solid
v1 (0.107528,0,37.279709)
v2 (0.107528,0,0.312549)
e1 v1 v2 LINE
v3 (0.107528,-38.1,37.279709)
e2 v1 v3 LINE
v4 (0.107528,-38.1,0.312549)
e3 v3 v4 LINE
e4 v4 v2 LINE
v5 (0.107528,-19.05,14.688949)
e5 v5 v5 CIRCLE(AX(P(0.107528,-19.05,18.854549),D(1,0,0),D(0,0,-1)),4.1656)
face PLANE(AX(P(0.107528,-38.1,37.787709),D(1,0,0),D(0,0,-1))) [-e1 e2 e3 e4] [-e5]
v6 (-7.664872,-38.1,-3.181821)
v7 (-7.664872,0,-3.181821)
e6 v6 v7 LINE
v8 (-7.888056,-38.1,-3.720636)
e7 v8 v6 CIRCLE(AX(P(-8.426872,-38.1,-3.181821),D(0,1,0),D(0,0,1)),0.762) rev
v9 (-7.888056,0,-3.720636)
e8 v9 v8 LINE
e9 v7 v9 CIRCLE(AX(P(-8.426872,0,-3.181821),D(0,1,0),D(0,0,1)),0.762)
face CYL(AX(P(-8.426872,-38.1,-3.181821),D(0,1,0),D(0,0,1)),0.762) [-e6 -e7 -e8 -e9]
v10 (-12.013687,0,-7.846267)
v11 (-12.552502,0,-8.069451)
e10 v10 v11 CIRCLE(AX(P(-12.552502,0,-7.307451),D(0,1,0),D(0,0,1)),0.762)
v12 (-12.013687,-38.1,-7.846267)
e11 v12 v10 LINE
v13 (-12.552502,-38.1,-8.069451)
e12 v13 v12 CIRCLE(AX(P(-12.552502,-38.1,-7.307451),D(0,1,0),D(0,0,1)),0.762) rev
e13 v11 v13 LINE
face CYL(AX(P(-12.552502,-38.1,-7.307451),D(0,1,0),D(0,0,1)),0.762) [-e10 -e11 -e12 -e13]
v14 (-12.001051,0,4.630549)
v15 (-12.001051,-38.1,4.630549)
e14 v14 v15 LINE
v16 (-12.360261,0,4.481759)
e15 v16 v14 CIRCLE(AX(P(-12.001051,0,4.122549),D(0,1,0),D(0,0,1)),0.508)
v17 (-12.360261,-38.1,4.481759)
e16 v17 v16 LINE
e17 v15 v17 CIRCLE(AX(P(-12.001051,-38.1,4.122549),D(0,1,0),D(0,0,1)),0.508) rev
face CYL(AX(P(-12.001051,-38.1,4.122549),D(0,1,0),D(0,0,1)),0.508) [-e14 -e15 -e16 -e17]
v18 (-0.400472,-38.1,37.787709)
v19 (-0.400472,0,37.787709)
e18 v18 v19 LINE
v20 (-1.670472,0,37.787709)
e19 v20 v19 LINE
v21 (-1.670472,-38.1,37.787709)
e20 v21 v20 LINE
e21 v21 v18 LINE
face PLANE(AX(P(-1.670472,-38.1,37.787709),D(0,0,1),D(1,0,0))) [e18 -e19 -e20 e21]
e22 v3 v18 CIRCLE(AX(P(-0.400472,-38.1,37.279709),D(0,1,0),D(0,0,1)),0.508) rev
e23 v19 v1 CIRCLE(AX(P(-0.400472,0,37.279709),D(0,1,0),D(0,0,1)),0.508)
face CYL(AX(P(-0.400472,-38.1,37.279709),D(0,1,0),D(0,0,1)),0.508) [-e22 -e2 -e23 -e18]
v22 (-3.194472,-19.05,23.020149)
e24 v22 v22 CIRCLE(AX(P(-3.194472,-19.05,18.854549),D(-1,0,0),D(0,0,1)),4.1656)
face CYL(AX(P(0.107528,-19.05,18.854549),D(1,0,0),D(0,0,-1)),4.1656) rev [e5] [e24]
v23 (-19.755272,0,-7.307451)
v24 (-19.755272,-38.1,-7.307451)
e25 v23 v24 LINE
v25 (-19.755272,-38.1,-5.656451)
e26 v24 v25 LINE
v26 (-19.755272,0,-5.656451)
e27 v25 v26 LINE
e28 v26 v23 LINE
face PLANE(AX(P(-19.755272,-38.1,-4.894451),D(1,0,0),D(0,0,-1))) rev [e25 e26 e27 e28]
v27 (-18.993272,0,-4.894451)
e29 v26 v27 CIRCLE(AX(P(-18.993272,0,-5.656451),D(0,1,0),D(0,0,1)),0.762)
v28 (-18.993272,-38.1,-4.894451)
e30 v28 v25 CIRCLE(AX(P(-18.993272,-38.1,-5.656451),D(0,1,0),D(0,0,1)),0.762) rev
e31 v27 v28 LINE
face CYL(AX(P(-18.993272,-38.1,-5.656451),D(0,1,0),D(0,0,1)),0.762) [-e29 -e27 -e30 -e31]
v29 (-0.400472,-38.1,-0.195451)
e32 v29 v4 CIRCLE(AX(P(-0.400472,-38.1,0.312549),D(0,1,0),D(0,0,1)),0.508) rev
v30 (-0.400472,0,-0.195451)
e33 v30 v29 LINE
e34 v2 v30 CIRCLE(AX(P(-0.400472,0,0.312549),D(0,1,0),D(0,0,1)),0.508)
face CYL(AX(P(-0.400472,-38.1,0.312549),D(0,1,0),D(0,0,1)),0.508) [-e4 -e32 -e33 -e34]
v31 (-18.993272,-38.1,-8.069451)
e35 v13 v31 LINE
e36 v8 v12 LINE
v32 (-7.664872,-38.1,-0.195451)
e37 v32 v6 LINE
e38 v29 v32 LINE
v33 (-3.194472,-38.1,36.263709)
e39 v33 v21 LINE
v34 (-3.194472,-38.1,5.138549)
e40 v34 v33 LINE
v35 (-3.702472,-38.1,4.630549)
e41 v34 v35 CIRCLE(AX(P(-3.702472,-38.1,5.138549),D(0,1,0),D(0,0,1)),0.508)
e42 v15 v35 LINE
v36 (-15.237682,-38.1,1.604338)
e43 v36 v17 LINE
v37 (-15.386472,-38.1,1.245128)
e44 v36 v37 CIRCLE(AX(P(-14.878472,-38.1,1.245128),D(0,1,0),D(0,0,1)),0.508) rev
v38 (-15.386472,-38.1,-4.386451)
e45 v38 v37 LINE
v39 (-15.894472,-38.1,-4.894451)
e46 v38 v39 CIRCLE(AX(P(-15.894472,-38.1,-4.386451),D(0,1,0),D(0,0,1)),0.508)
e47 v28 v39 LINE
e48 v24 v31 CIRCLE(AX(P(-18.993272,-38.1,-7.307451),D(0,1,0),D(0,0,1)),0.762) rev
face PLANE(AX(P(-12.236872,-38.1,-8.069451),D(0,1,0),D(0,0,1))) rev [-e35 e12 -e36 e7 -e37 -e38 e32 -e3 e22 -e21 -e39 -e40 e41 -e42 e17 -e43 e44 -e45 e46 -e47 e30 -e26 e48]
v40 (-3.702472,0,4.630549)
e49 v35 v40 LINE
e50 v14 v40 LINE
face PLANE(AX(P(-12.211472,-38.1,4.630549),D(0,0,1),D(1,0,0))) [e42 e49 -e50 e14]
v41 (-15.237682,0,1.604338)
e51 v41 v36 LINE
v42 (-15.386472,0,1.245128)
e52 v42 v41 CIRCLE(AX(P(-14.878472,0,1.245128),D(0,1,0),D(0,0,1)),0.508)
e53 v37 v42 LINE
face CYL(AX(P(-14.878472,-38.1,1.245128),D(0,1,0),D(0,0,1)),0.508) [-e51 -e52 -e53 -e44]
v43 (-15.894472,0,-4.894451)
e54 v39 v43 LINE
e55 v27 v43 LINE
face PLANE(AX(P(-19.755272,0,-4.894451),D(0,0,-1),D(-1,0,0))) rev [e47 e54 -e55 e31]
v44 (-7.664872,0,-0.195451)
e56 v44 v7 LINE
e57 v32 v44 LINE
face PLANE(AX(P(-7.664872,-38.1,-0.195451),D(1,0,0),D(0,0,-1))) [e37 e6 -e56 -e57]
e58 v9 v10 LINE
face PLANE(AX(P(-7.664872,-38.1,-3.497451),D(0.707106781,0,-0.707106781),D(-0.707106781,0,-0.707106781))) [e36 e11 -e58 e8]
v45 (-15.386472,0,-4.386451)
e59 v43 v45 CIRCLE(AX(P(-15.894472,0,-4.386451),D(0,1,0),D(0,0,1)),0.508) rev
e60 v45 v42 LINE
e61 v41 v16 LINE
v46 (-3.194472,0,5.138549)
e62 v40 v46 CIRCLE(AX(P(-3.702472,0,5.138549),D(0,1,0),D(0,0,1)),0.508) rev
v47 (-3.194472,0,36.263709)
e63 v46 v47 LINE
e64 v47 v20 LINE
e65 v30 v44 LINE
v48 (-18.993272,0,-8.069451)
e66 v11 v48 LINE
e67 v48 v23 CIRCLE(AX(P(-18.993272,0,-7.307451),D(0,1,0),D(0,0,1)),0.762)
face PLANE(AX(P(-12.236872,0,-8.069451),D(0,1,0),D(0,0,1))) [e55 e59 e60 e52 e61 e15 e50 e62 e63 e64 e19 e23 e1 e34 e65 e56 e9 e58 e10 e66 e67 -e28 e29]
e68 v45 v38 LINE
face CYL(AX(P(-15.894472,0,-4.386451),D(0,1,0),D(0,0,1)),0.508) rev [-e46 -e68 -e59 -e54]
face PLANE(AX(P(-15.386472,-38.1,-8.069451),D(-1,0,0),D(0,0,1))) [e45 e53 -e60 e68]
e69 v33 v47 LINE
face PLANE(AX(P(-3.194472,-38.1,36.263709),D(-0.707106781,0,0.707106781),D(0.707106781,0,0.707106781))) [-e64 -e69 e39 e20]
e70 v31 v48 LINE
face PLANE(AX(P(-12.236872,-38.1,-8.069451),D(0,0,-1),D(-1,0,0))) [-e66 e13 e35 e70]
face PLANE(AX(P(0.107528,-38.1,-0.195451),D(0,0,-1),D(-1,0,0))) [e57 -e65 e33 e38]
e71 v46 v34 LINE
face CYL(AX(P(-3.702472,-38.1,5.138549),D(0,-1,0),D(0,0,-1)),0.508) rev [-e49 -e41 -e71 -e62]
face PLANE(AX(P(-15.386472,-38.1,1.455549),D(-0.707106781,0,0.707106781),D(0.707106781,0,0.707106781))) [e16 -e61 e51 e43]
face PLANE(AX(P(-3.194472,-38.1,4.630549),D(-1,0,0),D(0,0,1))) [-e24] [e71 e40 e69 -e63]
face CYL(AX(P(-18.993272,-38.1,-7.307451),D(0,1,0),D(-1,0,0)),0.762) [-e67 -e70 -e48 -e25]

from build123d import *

# Parameters (mm, degrees)
BOSS_EXTRUDE1_DEPTH = 38.1
SKETCH2_W           = 3.175
SKETCH2_H           = 38.1
BOSS_EXTRUDE2_DEPTH = 4.3688
HOLE1_D             = 8.3312
HOLE1_DEPTH         = 19.862825
FILLET1_R           = 0.508
FILLET2_R           = 0.762


with BuildPart() as part:
    # Sketch1 → Boss-Extrude1 (new body)
    with BuildSketch(Plane(origin=(0, 0, 0), x_dir=(1, 0, 0), z_dir=(0, 1, 0))):
        Polygon((-12.236871502, 8.069451482), (-15.386471502, 8.069451482), (-15.386471502, -1.455548518), (-12.211471502, -4.630548518), (-3.194471502, -4.630548518), (-3.194471502, -36.263708518), (-1.670471502, -37.787708518), (0.107528498, -37.787708518), (0.107528498, 0.195451482), (-7.664871502, 0.195451482), (-7.664871502, 3.497451482), align=None)
    extrude(amount=-BOSS_EXTRUDE1_DEPTH)

    # Sketch2 → Boss-Extrude2 (add)
    with BuildSketch(Plane.ZY.offset(15.386471502)):
        with Locations((-6.481951482, -19.05)):
            Rectangle(SKETCH2_W, SKETCH2_H)
    extrude(amount=BOSS_EXTRUDE2_DEPTH)

    # Hole1
    with Locations(Plane(origin=(0.107528498, 0, 0), x_dir=(0, 0, -1), z_dir=(1, 0, 0))):
        with Locations((-18.854548518, -19.05)):
            Hole(HOLE1_D / 2, depth=HOLE1_DEPTH)

    # Fillet1
    fillet1_edges = [part.edges().sort_by_distance(p)[0] for p in [
        (-15.386471502, -19.05, -4.894451482),
        (0.107528498, -19.05, -0.195451482),
        (0.107528498, -19.05, 37.787708518),
        (-12.211471502, -19.05, 4.630548518),
        (-3.194471502, -19.05, 4.630548518),
        (-15.386471502, -19.05, 1.455548518),
    ]]
    fillet(fillet1_edges, radius=FILLET1_R)

    # Fillet2
    fillet2_edges = [part.edges().sort_by_distance(p)[0] for p in [
        (-7.664871502, -19.05, -3.497451482),
        (-19.755271502, -19.05, -4.894451482),
        (-19.755271502, -19.05, -8.069451482),
        (-12.236871502, -19.05, -8.069451482),
    ]]
    fillet(fillet2_edges, radius=FILLET2_R)


solid = part.part
